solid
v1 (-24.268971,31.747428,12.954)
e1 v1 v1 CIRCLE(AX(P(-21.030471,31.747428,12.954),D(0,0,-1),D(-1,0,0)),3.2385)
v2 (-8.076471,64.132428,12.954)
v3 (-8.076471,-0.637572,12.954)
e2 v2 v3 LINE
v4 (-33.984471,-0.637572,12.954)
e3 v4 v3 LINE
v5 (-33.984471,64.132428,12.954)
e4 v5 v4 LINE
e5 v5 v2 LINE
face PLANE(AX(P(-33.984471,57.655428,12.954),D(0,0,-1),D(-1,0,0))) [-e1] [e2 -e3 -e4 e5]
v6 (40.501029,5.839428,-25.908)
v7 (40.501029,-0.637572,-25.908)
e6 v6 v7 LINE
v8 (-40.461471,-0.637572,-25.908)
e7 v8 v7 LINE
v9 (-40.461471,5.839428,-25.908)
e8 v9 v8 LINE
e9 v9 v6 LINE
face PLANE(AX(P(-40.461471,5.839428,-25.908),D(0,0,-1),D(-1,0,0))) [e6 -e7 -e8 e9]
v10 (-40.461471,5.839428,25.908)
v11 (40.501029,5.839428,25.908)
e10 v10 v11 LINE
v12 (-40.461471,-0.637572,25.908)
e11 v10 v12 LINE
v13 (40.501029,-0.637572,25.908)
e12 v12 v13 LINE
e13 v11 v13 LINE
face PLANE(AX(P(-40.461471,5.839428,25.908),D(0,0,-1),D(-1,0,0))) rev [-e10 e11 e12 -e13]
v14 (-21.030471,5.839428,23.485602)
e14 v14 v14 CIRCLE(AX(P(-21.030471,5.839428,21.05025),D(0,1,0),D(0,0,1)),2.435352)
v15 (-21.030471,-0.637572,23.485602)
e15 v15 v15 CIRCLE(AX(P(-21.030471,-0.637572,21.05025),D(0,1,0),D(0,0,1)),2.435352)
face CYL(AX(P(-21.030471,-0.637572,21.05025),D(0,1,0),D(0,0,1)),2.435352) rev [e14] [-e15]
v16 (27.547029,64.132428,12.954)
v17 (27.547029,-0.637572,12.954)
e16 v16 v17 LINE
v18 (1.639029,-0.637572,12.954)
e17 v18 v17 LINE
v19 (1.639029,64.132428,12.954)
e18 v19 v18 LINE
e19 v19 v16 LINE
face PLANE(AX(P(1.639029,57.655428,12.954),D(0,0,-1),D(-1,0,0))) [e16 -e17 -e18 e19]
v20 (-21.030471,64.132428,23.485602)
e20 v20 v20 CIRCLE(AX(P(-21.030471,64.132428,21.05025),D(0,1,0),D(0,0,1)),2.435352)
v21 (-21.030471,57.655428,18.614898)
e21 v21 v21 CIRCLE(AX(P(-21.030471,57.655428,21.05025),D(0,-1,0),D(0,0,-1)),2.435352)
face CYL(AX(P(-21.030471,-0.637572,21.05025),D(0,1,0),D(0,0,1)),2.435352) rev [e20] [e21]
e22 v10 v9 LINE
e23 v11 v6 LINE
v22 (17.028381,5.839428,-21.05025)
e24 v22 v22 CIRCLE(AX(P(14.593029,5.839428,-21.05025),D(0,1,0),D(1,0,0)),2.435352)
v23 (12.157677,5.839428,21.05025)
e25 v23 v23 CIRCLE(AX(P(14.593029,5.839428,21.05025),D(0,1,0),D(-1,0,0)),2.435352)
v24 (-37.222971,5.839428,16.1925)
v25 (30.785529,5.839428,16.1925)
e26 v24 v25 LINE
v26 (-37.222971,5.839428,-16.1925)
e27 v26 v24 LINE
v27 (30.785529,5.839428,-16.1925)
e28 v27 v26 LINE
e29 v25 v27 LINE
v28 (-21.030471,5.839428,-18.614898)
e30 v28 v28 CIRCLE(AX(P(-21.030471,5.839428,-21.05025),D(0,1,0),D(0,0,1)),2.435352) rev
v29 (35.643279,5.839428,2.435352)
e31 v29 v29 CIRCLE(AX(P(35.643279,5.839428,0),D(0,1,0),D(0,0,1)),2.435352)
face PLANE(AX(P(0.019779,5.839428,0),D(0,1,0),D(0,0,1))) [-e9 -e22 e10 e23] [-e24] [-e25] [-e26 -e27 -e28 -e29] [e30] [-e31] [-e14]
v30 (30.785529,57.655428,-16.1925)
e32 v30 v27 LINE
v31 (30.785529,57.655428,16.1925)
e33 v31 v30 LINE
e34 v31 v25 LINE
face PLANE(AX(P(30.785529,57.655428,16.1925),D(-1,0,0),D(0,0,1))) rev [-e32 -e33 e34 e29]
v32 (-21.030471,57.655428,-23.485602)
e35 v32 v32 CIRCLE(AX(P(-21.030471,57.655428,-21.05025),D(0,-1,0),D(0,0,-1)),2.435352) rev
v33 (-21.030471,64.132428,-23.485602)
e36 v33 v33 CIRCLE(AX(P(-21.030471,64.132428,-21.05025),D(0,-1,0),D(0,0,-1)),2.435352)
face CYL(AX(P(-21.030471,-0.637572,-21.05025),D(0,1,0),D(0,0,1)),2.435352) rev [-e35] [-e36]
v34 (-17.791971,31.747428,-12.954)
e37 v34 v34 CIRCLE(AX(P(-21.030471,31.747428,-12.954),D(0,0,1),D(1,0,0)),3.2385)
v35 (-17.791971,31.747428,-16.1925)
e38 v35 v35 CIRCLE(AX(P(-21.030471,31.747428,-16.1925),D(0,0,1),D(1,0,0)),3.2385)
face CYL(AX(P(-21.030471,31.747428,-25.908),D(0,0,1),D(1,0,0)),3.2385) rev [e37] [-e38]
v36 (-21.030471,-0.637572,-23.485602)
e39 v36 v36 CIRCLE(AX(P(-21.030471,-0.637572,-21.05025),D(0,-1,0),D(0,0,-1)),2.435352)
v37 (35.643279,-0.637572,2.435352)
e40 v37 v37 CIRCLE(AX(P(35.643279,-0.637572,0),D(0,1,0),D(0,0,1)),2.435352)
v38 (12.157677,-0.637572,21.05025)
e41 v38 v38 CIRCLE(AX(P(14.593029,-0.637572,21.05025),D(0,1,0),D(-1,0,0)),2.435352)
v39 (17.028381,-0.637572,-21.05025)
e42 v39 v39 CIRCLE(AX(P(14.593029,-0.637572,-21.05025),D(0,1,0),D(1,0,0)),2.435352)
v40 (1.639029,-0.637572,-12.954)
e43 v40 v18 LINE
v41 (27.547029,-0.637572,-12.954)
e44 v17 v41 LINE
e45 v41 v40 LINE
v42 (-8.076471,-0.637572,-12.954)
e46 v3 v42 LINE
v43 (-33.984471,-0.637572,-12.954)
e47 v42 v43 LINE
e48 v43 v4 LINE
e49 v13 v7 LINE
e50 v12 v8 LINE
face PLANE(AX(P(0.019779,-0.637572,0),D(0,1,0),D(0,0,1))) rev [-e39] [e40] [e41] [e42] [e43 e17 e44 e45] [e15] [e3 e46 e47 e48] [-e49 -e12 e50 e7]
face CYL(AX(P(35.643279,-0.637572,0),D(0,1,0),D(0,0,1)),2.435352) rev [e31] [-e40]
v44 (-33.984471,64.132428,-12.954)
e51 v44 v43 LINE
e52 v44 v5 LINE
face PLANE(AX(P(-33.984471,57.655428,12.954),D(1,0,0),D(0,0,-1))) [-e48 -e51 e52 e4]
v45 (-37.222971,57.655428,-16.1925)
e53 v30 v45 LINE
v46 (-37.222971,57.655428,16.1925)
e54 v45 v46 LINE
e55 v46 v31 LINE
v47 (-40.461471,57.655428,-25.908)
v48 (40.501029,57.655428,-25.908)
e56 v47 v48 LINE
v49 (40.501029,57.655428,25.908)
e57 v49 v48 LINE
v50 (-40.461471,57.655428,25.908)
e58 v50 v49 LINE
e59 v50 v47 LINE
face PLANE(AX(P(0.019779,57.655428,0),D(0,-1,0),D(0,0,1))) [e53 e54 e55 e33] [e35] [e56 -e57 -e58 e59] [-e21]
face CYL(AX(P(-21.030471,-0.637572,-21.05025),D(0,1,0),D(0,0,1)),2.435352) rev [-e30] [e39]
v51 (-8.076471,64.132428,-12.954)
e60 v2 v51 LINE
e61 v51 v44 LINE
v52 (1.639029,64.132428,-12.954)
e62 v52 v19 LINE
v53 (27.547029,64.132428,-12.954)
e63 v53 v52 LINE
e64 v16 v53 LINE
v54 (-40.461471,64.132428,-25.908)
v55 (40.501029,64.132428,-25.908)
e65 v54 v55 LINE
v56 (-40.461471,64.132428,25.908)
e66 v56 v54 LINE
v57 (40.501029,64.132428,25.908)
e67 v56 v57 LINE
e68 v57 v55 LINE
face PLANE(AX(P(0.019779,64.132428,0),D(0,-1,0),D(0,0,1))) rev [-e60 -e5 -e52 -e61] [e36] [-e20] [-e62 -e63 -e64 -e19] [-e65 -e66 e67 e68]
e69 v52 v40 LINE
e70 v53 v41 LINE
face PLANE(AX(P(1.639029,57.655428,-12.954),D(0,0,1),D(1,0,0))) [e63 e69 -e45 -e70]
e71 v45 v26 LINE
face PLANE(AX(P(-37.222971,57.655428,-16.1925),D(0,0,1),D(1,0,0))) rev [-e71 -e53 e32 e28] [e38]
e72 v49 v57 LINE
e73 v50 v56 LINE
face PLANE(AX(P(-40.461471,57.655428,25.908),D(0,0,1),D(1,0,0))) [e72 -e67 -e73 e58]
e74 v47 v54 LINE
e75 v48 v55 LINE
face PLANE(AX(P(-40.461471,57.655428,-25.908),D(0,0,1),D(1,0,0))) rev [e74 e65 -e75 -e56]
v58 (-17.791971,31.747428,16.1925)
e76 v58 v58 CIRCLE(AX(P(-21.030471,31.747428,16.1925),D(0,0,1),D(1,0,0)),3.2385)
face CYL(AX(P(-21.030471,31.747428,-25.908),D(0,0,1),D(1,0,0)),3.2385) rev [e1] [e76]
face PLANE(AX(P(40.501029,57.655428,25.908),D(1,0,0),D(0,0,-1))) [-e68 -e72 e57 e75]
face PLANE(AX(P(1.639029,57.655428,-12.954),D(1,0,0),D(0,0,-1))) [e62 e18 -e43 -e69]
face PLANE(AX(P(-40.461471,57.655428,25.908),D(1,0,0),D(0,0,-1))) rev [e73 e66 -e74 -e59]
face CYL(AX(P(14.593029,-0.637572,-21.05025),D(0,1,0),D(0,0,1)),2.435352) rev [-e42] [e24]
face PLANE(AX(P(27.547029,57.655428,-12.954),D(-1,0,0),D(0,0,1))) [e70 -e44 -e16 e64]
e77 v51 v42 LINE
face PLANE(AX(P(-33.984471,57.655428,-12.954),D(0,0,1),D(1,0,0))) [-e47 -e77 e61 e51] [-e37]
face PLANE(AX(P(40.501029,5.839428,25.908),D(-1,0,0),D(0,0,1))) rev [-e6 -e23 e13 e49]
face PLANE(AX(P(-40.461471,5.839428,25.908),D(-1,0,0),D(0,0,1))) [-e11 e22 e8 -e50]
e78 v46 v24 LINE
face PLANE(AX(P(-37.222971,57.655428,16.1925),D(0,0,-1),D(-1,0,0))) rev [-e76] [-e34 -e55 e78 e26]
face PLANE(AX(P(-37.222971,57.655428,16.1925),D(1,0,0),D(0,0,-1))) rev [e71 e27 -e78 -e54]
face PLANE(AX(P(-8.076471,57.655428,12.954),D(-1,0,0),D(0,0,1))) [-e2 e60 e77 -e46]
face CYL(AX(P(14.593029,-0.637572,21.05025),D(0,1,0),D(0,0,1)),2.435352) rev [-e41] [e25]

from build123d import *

# Parameters (mm, degrees)
SKETCH2_W               = 79.375
SKETCH2_H               = 50.8
BOSS_EXTRUDE1_DEPTH     = 6.35
SKETCH3_W               = 66.675
SKETCH3_H               = 31.75
SKETCH3_W_2             = 25.4
SKETCH3_H_2             = 25.4
BOSS_EXTRUDE3_DEPTH     = 50.8
SKETCH4_W               = 25.4
SKETCH4_H               = 25.4
CUT_EXTRUDE4_DEPTH      = 7.35
CUT_EXTRUDE4_DEPTH_BACK = 58.15
SKETCH5_R               = 3.175
CUT_EXTRUDE5_DEPTH      = 42.275
SKETCH6_R               = 2.3876
CUT_EXTRUDE6_DEPTH      = 7.35
CIRPATTERN1_COUNT       = 4
CUT_EXTRUDE7_START      = -7.35
SKETCH7_R               = 2.3876
CUT_EXTRUDE7_DEPTH      = 65.5
SCALE1_SCALE            = 1.02


with BuildPart() as part:
    # Sketch2 → Boss-Extrude1 (new body)
    with BuildSketch(Plane(origin=(0, 0, 0), x_dir=(1, 0, 0), z_dir=(0, 1, 0))):
        Rectangle(SKETCH2_W, SKETCH2_H)
    boss_extrude1 = extrude(amount=BOSS_EXTRUDE1_DEPTH)

    # Sketch3 → Boss-Extrude3 (add)
    with BuildSketch(Plane(origin=(0, 6.35, 0), x_dir=(1, 0, 0), z_dir=(0, 1, 0))):
        with Locations((-3.175, 0)):
            Rectangle(SKETCH3_W, SKETCH3_H)
        with Locations((-20.6375, 0)):
            Rectangle(SKETCH3_W_2, SKETCH3_H_2, mode=Mode.SUBTRACT)
        with Locations((14.2875, 0)):
            Rectangle(SKETCH3_W_2, SKETCH3_H_2, mode=Mode.SUBTRACT)
    extrude(amount=BOSS_EXTRUDE3_DEPTH)

    # Mirror1: Boss-Extrude1 across plane
    add(boss_extrude1.mirror(Plane.ZX.offset(31.75)))

    # Sketch4 → Cut-Extrude4 (cut, two sides)
    with BuildSketch(Plane(origin=(0, 57.15, 0), x_dir=(1, 0, 0), z_dir=(0, 1, 0))) as cut_extrude4_sk:
        with Locations((-20.6375, 0)):
            Rectangle(SKETCH4_W, SKETCH4_H)
        with Locations((14.2875, 0)):
            Rectangle(SKETCH4_W, SKETCH4_H)
    extrude(amount=CUT_EXTRUDE4_DEPTH, mode=Mode.SUBTRACT)
    extrude(cut_extrude4_sk.sketch, amount=-CUT_EXTRUDE4_DEPTH_BACK, mode=Mode.SUBTRACT)

    # Sketch5 → Cut-Extrude5 (cut, through all)
    with BuildSketch(Plane.XY.offset(15.875)):
        with Locations((-20.6375, 31.75)):
            Circle(SKETCH5_R)
    extrude(amount=-CUT_EXTRUDE5_DEPTH, mode=Mode.SUBTRACT)

    # Sketch6 → Cut-Extrude6 (cut, through all)
    with BuildSketch(Plane(origin=(0, 6.35, 0), x_dir=(1, 0, 0), z_dir=(0, 1, 0))):
        with Locations((34.925, 0)):
            Circle(SKETCH6_R)
    cut_extrude6 = extrude(amount=-CUT_EXTRUDE6_DEPTH, mode=Mode.SUBTRACT)

    # CirPattern1: Cut-Extrude6 ×4 about axis, 1 skipped
    cirpattern1_axis = Axis((14.2875, 0, 0), (0, 1, 0))
    add([cut_extrude6.rotate(cirpattern1_axis, i * 360 / CIRPATTERN1_COUNT) for i in range(1, CIRPATTERN1_COUNT) if i not in (2,)], mode=Mode.SUBTRACT)

    # Sketch7 → Cut-Extrude7 (cut)
    with BuildSketch(Plane(origin=(0, 6.35, 0), x_dir=(1, 0, 0), z_dir=(0, 1, 0)).offset(CUT_EXTRUDE7_START)):
        with Locations((-20.6375, -20.6375)):
            Circle(SKETCH7_R)
    cut_extrude7 = extrude(amount=CUT_EXTRUDE7_DEPTH, mode=Mode.SUBTRACT)

    # Mirror2: Cut-Extrude7 across plane
    add(cut_extrude7.mirror(Plane.XY), mode=Mode.SUBTRACT)


with BuildPart() as part_1:
    # Scale1: scaled about (-0.988939035, 31.878583861, 0)
    add(part.part.scale(SCALE1_SCALE).moved(Location((0.019778781, -0.637571677, 0))))


solid = part_1.part
